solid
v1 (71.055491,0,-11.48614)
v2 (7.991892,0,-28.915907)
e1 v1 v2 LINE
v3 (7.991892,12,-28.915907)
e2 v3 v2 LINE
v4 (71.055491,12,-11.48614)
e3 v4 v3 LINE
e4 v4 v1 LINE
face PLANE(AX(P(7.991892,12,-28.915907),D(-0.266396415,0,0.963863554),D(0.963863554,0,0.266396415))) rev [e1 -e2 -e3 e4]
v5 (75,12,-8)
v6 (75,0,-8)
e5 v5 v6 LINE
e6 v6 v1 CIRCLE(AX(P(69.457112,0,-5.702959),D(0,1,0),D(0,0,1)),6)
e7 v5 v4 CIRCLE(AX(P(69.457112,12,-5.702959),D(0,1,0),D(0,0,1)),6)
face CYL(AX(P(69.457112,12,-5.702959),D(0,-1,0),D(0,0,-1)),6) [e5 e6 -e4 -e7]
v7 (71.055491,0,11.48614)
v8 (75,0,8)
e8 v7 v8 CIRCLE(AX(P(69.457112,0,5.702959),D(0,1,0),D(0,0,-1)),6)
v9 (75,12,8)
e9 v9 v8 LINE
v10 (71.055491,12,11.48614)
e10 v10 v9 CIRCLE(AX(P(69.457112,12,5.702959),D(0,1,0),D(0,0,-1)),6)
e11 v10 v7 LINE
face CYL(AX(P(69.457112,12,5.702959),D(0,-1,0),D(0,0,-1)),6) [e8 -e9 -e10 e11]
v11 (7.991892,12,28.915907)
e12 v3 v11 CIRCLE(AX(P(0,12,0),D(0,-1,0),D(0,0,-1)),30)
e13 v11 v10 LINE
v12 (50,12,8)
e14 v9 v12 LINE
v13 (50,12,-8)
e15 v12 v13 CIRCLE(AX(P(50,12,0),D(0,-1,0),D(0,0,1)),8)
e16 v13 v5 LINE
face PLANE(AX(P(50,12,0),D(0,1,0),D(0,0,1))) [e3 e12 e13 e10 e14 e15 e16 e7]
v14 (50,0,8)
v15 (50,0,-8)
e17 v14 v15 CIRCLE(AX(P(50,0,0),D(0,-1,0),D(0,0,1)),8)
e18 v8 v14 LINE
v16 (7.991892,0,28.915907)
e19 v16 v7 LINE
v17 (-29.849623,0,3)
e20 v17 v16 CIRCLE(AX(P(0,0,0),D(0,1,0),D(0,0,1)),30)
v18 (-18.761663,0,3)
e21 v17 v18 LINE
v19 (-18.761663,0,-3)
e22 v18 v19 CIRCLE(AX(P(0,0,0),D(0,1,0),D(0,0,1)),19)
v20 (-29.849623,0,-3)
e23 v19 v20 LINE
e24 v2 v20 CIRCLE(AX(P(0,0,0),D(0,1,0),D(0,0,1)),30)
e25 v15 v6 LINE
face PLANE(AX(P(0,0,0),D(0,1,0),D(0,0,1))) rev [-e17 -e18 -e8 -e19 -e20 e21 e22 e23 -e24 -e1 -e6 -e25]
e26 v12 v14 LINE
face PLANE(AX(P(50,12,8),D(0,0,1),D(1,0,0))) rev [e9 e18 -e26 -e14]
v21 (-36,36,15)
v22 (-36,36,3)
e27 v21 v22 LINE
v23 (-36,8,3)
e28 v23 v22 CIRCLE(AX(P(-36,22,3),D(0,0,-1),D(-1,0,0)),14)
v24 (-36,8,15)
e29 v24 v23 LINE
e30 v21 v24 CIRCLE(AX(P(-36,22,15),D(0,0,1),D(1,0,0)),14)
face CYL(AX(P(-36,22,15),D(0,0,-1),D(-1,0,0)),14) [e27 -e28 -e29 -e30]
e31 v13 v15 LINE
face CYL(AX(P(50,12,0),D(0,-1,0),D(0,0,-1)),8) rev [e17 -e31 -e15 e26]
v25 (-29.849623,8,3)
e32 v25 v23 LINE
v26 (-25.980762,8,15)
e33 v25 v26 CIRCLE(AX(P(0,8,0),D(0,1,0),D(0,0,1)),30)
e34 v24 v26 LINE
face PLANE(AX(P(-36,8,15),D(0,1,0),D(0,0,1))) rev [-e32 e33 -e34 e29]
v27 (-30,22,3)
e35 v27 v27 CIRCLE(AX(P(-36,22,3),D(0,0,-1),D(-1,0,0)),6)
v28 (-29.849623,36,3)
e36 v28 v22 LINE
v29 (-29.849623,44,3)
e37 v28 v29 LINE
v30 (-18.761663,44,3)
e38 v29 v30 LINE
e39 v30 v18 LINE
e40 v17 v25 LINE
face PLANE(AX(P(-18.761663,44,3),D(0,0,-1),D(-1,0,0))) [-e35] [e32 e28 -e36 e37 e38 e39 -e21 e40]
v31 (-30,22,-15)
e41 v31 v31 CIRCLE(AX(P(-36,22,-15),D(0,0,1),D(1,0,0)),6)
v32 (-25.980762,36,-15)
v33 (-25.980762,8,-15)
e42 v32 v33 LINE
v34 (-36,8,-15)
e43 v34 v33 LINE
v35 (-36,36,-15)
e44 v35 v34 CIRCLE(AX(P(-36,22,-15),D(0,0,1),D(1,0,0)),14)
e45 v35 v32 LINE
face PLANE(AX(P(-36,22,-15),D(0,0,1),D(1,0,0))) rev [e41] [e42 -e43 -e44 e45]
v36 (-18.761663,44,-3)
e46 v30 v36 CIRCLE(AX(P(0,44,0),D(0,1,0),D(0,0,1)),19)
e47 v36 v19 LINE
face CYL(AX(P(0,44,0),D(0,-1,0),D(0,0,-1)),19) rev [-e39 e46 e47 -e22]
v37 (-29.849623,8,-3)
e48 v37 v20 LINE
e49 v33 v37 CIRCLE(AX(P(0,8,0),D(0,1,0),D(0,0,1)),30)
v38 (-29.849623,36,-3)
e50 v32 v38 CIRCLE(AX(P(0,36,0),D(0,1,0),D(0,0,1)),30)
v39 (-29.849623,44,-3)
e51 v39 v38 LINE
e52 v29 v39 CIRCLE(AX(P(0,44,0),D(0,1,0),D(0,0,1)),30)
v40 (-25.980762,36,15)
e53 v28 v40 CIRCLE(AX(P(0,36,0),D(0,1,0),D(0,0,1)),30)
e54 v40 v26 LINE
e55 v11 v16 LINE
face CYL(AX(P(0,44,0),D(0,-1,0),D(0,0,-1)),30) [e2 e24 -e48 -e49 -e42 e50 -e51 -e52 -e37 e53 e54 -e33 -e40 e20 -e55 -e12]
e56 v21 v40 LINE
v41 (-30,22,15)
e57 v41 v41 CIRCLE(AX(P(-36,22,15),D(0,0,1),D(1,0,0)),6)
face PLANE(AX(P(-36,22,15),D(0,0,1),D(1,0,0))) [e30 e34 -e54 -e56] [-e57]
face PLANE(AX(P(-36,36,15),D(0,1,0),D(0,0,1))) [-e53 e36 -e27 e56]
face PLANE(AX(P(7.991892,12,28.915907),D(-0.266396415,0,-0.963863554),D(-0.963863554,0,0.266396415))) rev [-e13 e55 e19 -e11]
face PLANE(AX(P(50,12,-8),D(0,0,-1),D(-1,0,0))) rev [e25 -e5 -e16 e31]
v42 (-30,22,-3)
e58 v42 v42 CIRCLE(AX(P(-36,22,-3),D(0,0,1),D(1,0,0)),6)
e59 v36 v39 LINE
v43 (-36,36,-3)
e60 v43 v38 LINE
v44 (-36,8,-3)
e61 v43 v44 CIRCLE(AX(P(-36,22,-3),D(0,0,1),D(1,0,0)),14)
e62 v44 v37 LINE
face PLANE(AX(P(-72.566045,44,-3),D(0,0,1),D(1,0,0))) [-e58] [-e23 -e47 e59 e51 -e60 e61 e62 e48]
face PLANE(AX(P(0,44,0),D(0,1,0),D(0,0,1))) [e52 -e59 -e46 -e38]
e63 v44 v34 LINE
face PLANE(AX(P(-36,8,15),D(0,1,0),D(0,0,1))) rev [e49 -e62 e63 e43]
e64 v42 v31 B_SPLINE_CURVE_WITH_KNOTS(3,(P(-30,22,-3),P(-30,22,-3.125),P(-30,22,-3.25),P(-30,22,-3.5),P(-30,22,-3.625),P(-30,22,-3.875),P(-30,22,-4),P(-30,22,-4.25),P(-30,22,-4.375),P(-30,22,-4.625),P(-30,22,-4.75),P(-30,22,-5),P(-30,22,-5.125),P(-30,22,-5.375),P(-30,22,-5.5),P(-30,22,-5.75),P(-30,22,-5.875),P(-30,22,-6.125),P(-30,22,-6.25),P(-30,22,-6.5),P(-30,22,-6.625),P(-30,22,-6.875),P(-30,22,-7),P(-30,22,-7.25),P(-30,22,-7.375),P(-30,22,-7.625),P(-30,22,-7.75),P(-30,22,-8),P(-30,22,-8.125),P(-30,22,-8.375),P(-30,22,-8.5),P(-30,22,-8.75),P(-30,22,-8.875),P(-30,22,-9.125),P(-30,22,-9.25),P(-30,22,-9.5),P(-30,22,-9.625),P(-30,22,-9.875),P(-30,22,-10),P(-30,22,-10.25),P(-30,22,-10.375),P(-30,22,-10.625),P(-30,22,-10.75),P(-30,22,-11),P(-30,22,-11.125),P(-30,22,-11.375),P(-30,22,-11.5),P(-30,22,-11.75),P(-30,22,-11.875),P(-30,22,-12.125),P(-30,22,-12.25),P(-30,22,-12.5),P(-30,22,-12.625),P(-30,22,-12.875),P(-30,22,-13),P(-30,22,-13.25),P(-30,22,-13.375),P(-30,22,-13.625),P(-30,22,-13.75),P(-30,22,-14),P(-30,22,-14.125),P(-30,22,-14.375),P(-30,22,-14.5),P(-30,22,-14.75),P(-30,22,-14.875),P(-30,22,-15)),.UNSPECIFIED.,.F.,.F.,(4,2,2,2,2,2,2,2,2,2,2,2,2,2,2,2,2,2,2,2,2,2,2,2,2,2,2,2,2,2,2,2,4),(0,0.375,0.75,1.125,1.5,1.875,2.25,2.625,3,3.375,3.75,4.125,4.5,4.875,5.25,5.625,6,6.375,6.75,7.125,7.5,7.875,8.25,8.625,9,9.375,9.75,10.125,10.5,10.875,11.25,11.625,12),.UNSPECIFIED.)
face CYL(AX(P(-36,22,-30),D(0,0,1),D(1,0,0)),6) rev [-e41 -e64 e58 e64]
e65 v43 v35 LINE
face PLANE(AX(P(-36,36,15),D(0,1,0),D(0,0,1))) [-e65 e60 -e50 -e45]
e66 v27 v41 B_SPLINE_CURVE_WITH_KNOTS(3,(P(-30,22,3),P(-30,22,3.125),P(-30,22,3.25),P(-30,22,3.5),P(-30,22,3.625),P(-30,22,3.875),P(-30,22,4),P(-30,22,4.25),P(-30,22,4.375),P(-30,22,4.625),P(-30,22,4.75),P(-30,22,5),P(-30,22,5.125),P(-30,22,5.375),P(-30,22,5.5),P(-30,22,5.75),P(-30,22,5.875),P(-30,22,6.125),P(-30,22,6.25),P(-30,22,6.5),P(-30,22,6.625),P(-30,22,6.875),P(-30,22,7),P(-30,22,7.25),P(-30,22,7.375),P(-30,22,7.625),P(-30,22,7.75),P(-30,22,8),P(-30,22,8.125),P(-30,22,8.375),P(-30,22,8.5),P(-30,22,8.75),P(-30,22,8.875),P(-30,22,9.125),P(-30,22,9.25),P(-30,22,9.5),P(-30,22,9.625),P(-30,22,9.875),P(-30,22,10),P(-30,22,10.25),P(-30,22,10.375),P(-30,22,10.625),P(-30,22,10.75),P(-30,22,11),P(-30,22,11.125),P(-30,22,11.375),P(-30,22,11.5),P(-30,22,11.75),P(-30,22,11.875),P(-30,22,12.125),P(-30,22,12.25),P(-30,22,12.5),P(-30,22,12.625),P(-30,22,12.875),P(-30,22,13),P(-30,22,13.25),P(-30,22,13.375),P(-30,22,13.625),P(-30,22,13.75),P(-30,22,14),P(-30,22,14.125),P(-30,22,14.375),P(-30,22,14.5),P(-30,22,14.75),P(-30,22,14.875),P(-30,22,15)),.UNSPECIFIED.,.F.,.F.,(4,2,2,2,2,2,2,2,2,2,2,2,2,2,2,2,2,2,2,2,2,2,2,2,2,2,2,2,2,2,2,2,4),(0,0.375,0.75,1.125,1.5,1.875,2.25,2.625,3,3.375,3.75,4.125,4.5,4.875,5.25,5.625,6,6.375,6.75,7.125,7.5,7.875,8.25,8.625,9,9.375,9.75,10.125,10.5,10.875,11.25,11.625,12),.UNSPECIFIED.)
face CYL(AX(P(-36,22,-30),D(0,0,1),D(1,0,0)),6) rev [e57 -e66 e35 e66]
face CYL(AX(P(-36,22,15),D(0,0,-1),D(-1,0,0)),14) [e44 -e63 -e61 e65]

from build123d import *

# Parameters (mm, degrees)
SKETCH1_R           = 30
BOSS_EXTRUDE1_DEPTH = 44
BOSS_EXTRUDE2_DEPTH = 12
BOSS_EXTRUDE3_DEPTH = 15
CUT_EXTRUDE1_DEPTH  = 92.983694207
SKETCH5_R           = 6
CUT_EXTRUDE2_DEPTH  = 98.908120194


with BuildPart() as part:
    # Sketch1 → Boss-Extrude1 (new body)
    with BuildSketch(Plane(origin=(0, 0, 0), x_dir=(1, 0, 0), z_dir=(0, 1, 0))):
        with Locations(Location((0, 0, 0), (0, 0, 270))):
            Circle(SKETCH1_R)
    extrude(amount=BOSS_EXTRUDE1_DEPTH)

    # Sketch2 → Boss-Extrude2 (add)
    with BuildSketch(Plane(origin=(0, 0, 0), x_dir=(1, 0, 0), z_dir=(0, 1, 0))):
        with BuildLine():
            Line((50, 8), (75, 8))
            ThreePointArc((75, 8), (73.430488051, 10.198766547), (71.055490967, 11.486140207))
            Line((71.055490967, 11.486140207), (7.99189246, 28.915906607))
            ThreePointArc((7.99189246, 28.915906607), (30, 0), (7.99189246, -28.915906607))
            Line((7.99189246, -28.915906607), (71.055490967, -11.486140207))
            ThreePointArc((71.055490967, -11.486140207), (73.430488051, -10.198766547), (75, -8))
            Line((75, -8), (50, -8))
            ThreePointArc((50, -8), (42, 0), (50, 8))
        make_face()
    extrude(amount=BOSS_EXTRUDE2_DEPTH)

    # Sketch3 → Boss-Extrude3 (add, symmetric)
    with BuildSketch(Plane.XY):
        with BuildLine():
            Line((-36, 36), (-23.901481141, 36))
            Line((-23.901481141, 36), (-23.901481141, 8))
            Line((-23.901481141, 8), (-36, 8))
            ThreePointArc((-36, 8), (-50, 22), (-36, 36))
        make_face()
    extrude(amount=BOSS_EXTRUDE3_DEPTH, both=True)

    # Sketch4 → Cut-Extrude1 (cut, through all)
    with BuildSketch(Plane(origin=(0, 0, 0), x_dir=(1, 0, 0), z_dir=(0, 1, 0))):
        with BuildLine():
            Line((-72.566045066, 0), (-72.566045066, 3))
            Line((-72.566045066, 3), (-18.761663039, 3))
            ThreePointArc((-18.761663039, 3), (19, 0), (-18.761663039, -3))
            Line((-18.761663039, -3), (-72.566045066, -3))
            Line((-72.566045066, -3), (-72.566045066, 0))
        make_face()
    extrude(amount=CUT_EXTRUDE1_DEPTH, mode=Mode.SUBTRACT)

    # Sketch5 → Cut-Extrude2 (cut, through all)
    with BuildSketch(Plane.XY.offset(15)):
        with Locations((-36, 22)):
            Circle(SKETCH5_R)
    extrude(amount=-CUT_EXTRUDE2_DEPTH, mode=Mode.SUBTRACT)


solid = part.part
